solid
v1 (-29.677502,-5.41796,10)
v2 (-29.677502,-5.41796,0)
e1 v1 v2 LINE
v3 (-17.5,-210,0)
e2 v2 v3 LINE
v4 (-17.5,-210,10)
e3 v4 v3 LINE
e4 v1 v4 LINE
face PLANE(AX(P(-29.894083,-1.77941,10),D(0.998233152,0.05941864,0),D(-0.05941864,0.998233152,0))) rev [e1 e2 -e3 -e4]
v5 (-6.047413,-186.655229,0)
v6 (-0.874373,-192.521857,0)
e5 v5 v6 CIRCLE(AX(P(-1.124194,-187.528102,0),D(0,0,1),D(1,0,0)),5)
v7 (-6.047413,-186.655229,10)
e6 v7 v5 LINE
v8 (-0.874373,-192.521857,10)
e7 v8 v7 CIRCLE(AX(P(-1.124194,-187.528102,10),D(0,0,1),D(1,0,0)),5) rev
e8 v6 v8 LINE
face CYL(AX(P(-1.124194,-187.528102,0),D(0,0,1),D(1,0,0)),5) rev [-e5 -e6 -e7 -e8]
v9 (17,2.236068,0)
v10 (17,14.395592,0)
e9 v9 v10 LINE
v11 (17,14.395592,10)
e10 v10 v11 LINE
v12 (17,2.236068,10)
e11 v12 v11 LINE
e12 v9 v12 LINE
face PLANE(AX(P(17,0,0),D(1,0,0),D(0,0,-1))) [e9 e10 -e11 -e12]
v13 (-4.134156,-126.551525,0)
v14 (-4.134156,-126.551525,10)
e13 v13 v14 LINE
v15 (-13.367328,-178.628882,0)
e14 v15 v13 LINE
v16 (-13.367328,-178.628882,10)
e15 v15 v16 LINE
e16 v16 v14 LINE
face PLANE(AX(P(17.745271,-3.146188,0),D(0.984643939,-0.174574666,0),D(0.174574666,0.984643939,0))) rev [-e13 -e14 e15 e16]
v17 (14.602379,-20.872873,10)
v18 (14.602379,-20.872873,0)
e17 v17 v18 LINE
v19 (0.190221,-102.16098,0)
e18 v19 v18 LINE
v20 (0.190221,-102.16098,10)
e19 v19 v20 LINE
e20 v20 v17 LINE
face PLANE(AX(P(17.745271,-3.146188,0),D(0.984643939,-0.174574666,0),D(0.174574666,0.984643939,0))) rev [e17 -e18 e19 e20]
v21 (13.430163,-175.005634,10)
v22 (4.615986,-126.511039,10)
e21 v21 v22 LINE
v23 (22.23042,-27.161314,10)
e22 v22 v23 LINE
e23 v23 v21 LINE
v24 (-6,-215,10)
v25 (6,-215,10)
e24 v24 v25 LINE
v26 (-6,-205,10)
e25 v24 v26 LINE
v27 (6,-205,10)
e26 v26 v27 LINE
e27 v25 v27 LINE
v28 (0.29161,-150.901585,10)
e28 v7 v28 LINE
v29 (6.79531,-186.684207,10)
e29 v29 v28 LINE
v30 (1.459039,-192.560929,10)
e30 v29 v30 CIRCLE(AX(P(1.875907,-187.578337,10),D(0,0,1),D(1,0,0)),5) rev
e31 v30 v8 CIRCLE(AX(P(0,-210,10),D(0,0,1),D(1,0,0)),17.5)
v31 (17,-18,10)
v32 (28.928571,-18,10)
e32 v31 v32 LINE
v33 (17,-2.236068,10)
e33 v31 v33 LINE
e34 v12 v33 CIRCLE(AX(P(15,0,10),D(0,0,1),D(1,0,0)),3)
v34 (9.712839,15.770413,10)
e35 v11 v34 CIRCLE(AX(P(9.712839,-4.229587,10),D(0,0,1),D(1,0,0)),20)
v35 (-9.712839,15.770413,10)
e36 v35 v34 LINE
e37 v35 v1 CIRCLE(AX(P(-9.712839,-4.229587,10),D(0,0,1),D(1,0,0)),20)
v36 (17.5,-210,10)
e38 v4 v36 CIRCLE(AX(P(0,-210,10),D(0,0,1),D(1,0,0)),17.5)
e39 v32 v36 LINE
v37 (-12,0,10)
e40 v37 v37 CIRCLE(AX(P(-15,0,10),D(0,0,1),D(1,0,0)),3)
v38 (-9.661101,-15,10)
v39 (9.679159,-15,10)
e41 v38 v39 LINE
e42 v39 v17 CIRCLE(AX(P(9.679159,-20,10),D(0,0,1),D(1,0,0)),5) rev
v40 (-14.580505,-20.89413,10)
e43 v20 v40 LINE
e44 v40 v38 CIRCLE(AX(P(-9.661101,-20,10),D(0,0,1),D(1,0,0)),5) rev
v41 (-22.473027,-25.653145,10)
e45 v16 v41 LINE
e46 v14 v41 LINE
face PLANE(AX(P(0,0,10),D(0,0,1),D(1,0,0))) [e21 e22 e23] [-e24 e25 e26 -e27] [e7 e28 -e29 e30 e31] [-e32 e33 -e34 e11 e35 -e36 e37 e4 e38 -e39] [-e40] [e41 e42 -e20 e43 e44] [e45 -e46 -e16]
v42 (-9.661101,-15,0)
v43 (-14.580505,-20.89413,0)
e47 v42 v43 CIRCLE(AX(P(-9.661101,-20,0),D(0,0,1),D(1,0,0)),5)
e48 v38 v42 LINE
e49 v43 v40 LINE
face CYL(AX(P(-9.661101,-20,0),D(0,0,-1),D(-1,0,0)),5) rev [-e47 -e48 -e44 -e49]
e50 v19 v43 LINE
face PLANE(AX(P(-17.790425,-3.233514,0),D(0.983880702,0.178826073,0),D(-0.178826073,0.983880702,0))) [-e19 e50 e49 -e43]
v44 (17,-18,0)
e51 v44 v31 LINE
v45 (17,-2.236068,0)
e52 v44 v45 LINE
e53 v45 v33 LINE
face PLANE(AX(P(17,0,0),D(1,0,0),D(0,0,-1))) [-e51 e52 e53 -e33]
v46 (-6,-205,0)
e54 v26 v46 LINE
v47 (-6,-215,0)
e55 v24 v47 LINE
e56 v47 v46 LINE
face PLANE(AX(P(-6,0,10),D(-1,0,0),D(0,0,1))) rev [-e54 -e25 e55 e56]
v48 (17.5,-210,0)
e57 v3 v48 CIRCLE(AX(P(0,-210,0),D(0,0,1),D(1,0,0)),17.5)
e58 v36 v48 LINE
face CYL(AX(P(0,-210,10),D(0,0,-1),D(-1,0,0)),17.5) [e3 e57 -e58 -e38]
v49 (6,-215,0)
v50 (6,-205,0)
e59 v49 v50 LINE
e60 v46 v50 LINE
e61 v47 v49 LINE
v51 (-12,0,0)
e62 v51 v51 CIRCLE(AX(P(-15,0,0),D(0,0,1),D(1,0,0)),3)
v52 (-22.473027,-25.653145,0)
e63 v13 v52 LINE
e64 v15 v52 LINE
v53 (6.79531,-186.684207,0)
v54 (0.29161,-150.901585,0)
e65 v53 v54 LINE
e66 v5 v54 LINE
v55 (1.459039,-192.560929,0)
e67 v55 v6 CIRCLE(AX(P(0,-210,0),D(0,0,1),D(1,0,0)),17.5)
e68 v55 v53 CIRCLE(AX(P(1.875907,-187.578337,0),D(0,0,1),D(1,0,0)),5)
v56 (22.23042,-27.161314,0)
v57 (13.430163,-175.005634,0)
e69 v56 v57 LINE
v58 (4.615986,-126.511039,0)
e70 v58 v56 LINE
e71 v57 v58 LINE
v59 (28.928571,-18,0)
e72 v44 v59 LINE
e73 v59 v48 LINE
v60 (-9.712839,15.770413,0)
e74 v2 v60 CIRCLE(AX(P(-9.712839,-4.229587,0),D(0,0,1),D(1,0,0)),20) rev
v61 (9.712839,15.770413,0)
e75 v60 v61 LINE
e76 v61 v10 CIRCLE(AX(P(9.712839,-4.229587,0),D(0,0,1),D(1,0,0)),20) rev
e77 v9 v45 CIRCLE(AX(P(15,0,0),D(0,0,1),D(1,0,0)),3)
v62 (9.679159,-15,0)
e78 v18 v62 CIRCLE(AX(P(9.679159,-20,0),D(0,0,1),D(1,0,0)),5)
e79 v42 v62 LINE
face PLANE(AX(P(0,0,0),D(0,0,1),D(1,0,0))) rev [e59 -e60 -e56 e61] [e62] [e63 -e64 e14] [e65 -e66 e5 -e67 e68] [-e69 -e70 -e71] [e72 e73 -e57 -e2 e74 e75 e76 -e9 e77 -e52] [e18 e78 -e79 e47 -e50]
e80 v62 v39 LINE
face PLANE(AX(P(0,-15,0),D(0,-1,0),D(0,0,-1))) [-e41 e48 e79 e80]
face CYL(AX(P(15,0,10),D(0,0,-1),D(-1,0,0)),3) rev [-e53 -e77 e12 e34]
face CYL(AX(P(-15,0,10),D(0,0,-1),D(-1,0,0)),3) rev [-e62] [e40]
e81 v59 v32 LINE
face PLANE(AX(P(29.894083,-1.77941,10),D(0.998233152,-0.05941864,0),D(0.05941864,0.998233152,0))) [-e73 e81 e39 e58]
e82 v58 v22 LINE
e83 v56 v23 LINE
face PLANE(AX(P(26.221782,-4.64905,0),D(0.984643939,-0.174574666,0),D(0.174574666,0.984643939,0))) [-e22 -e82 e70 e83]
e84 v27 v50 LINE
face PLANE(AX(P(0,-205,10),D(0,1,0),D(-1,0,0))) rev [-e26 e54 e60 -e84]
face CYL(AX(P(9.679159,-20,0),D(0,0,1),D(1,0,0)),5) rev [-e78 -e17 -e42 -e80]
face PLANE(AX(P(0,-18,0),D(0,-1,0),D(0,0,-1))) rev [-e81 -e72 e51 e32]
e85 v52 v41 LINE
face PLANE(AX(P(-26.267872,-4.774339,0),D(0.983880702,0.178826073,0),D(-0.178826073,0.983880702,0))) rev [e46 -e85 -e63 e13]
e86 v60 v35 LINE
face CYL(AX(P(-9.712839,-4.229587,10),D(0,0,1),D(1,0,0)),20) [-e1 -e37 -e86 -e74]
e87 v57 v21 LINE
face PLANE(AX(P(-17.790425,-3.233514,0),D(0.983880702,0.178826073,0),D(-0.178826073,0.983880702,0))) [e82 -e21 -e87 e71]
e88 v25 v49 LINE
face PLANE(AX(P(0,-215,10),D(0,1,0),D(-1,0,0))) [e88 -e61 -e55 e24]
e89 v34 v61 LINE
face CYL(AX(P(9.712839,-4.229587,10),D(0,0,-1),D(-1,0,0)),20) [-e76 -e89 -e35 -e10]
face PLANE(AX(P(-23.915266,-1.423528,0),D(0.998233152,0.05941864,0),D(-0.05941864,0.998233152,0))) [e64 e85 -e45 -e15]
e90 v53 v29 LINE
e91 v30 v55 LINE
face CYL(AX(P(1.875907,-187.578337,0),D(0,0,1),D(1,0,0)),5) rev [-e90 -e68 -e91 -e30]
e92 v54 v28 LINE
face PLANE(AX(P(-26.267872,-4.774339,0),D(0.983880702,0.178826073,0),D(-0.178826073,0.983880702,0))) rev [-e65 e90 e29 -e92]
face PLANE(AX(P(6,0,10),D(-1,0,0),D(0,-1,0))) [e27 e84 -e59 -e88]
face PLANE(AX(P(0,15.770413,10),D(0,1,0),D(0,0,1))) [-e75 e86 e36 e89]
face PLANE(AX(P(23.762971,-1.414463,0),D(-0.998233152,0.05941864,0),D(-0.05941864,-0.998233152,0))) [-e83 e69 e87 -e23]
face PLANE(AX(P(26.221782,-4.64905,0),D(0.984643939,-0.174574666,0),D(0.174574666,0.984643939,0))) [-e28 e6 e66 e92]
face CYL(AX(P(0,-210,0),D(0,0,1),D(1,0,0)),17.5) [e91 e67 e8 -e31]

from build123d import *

# Parameters (mm, degrees)
SKETCH1_R           = 3
BOSS_EXTRUDE2_DEPTH = 10
FILLET1_R           = 20
FILLET2_R           = 20
CUT_EXTRUDE1_START  = -10
CUT_EXTRUDE1_DEPTH  = 10
FILLET3_R           = 5
CUT_EXTRUDE4_START  = -10
CUT_EXTRUDE4_DEPTH  = 10


with BuildPart() as part:
    # Sketch1 → Boss-Extrude2 (new body)
    with BuildSketch(Plane.XY):
        with BuildLine():
            Line((-30, 15.770412854), (-30, 0))
            Line((-30, 0), (-17.5, -210))
            ThreePointArc((-17.5, -210), (0, -227.5), (17.5, -210))
            Line((17.5, -210), (30, 0))
            Line((30, 0), (30, 15.770412854))
            Line((30, 15.770412854), (-30, 15.770412854))
        make_face()
        with Locations((-15, 0)):
            Circle(SKETCH1_R, mode=Mode.SUBTRACT)
        with Locations((15, 0)):
            Circle(SKETCH1_R, mode=Mode.SUBTRACT)
        Polygon((0, -205), (6, -205), (6, -215), (-6, -215), (-6, -205), align=None, mode=Mode.SUBTRACT)
    extrude(amount=BOSS_EXTRUDE2_DEPTH)

    # Fillet1
    fillet1_edges = [part.edges().sort_by_distance(p)[0] for p in [
        (-30, 15.770412854, 5),
    ]]
    fillet(fillet1_edges, radius=FILLET1_R)

    # Fillet2
    fillet2_edges = [part.edges().sort_by_distance(p)[0] for p in [
        (30, 15.770412854, 5),
    ]]
    fillet(fillet2_edges, radius=FILLET2_R)

    # Sketch4 → Cut-Extrude1 (cut)
    with BuildSketch(Plane.XY.offset(10).offset(CUT_EXTRUDE1_START)):
        Polygon((-15.651797422, -15), (0.190220551, -102.160979768), (15.643622882, -15), (15, -15), align=None)
        Polygon((-22.473027071, -25.6531452), (-13.367328465, -178.628881795), (-4.134156204, -126.551525408), align=None)
        Polygon((22.230419841, -27.161313899), (4.615986353, -126.511039477), (13.430162671, -175.005634359), align=None)
        with BuildLine():
            Line((0.291609598, -150.901585116), (-7.372445375, -194.128735111))
            ThreePointArc((-7.372445375, -194.128735111), (0.476576628, -192.506490497), (8.225632191, -194.553674383))
            Line((8.225632191, -194.553674383), (0.291609598, -150.901585116))
        make_face()
    extrude(amount=CUT_EXTRUDE1_DEPTH, mode=Mode.SUBTRACT)

    # Fillet3
    fillet3_edges = [part.edges().sort_by_distance(p)[0] for p in [
        (8.225632191, -194.553674383, 5),
        (-7.372445375, -194.128735111, 5),
        (-15.651797422, -15, 5),
        (15.643622882, -15, 5),
    ]]
    fillet(fillet3_edges, radius=FILLET3_R)

    # Sketch5 → Cut-Extrude4 (cut)
    with BuildSketch(Plane.XY.offset(10).offset(CUT_EXTRUDE4_START)):
        with BuildLine():
            Line((29.260488635, 0), (18, 0))
            ThreePointArc((18, 0), (17.738612788, -1.224744871), (17, -2.236067977))
            Line((17, -2.236067977), (17, -18))
            Line((17, -18), (28.928571429, -18))
            Line((28.928571429, -18), (29.677502384, -5.417959945))
            ThreePointArc((29.677502384, -5.417959945), (29.653859351, -2.694751229), (29.260488635, 0))
        make_face()
        with BuildLine():
            ThreePointArc((17, 2.236067977), (17.738612788, 1.224744871), (18, 0))
            Line((18, 0), (29.260488635, 0))
            ThreePointArc((29.260488635, 0), (24.938968919, 8.738256866), (17, 14.39559177))
            Line((17, 14.39559177), (17, 2.236067977))
        make_face()
    extrude(amount=CUT_EXTRUDE4_DEPTH, mode=Mode.SUBTRACT)


solid = part.part
